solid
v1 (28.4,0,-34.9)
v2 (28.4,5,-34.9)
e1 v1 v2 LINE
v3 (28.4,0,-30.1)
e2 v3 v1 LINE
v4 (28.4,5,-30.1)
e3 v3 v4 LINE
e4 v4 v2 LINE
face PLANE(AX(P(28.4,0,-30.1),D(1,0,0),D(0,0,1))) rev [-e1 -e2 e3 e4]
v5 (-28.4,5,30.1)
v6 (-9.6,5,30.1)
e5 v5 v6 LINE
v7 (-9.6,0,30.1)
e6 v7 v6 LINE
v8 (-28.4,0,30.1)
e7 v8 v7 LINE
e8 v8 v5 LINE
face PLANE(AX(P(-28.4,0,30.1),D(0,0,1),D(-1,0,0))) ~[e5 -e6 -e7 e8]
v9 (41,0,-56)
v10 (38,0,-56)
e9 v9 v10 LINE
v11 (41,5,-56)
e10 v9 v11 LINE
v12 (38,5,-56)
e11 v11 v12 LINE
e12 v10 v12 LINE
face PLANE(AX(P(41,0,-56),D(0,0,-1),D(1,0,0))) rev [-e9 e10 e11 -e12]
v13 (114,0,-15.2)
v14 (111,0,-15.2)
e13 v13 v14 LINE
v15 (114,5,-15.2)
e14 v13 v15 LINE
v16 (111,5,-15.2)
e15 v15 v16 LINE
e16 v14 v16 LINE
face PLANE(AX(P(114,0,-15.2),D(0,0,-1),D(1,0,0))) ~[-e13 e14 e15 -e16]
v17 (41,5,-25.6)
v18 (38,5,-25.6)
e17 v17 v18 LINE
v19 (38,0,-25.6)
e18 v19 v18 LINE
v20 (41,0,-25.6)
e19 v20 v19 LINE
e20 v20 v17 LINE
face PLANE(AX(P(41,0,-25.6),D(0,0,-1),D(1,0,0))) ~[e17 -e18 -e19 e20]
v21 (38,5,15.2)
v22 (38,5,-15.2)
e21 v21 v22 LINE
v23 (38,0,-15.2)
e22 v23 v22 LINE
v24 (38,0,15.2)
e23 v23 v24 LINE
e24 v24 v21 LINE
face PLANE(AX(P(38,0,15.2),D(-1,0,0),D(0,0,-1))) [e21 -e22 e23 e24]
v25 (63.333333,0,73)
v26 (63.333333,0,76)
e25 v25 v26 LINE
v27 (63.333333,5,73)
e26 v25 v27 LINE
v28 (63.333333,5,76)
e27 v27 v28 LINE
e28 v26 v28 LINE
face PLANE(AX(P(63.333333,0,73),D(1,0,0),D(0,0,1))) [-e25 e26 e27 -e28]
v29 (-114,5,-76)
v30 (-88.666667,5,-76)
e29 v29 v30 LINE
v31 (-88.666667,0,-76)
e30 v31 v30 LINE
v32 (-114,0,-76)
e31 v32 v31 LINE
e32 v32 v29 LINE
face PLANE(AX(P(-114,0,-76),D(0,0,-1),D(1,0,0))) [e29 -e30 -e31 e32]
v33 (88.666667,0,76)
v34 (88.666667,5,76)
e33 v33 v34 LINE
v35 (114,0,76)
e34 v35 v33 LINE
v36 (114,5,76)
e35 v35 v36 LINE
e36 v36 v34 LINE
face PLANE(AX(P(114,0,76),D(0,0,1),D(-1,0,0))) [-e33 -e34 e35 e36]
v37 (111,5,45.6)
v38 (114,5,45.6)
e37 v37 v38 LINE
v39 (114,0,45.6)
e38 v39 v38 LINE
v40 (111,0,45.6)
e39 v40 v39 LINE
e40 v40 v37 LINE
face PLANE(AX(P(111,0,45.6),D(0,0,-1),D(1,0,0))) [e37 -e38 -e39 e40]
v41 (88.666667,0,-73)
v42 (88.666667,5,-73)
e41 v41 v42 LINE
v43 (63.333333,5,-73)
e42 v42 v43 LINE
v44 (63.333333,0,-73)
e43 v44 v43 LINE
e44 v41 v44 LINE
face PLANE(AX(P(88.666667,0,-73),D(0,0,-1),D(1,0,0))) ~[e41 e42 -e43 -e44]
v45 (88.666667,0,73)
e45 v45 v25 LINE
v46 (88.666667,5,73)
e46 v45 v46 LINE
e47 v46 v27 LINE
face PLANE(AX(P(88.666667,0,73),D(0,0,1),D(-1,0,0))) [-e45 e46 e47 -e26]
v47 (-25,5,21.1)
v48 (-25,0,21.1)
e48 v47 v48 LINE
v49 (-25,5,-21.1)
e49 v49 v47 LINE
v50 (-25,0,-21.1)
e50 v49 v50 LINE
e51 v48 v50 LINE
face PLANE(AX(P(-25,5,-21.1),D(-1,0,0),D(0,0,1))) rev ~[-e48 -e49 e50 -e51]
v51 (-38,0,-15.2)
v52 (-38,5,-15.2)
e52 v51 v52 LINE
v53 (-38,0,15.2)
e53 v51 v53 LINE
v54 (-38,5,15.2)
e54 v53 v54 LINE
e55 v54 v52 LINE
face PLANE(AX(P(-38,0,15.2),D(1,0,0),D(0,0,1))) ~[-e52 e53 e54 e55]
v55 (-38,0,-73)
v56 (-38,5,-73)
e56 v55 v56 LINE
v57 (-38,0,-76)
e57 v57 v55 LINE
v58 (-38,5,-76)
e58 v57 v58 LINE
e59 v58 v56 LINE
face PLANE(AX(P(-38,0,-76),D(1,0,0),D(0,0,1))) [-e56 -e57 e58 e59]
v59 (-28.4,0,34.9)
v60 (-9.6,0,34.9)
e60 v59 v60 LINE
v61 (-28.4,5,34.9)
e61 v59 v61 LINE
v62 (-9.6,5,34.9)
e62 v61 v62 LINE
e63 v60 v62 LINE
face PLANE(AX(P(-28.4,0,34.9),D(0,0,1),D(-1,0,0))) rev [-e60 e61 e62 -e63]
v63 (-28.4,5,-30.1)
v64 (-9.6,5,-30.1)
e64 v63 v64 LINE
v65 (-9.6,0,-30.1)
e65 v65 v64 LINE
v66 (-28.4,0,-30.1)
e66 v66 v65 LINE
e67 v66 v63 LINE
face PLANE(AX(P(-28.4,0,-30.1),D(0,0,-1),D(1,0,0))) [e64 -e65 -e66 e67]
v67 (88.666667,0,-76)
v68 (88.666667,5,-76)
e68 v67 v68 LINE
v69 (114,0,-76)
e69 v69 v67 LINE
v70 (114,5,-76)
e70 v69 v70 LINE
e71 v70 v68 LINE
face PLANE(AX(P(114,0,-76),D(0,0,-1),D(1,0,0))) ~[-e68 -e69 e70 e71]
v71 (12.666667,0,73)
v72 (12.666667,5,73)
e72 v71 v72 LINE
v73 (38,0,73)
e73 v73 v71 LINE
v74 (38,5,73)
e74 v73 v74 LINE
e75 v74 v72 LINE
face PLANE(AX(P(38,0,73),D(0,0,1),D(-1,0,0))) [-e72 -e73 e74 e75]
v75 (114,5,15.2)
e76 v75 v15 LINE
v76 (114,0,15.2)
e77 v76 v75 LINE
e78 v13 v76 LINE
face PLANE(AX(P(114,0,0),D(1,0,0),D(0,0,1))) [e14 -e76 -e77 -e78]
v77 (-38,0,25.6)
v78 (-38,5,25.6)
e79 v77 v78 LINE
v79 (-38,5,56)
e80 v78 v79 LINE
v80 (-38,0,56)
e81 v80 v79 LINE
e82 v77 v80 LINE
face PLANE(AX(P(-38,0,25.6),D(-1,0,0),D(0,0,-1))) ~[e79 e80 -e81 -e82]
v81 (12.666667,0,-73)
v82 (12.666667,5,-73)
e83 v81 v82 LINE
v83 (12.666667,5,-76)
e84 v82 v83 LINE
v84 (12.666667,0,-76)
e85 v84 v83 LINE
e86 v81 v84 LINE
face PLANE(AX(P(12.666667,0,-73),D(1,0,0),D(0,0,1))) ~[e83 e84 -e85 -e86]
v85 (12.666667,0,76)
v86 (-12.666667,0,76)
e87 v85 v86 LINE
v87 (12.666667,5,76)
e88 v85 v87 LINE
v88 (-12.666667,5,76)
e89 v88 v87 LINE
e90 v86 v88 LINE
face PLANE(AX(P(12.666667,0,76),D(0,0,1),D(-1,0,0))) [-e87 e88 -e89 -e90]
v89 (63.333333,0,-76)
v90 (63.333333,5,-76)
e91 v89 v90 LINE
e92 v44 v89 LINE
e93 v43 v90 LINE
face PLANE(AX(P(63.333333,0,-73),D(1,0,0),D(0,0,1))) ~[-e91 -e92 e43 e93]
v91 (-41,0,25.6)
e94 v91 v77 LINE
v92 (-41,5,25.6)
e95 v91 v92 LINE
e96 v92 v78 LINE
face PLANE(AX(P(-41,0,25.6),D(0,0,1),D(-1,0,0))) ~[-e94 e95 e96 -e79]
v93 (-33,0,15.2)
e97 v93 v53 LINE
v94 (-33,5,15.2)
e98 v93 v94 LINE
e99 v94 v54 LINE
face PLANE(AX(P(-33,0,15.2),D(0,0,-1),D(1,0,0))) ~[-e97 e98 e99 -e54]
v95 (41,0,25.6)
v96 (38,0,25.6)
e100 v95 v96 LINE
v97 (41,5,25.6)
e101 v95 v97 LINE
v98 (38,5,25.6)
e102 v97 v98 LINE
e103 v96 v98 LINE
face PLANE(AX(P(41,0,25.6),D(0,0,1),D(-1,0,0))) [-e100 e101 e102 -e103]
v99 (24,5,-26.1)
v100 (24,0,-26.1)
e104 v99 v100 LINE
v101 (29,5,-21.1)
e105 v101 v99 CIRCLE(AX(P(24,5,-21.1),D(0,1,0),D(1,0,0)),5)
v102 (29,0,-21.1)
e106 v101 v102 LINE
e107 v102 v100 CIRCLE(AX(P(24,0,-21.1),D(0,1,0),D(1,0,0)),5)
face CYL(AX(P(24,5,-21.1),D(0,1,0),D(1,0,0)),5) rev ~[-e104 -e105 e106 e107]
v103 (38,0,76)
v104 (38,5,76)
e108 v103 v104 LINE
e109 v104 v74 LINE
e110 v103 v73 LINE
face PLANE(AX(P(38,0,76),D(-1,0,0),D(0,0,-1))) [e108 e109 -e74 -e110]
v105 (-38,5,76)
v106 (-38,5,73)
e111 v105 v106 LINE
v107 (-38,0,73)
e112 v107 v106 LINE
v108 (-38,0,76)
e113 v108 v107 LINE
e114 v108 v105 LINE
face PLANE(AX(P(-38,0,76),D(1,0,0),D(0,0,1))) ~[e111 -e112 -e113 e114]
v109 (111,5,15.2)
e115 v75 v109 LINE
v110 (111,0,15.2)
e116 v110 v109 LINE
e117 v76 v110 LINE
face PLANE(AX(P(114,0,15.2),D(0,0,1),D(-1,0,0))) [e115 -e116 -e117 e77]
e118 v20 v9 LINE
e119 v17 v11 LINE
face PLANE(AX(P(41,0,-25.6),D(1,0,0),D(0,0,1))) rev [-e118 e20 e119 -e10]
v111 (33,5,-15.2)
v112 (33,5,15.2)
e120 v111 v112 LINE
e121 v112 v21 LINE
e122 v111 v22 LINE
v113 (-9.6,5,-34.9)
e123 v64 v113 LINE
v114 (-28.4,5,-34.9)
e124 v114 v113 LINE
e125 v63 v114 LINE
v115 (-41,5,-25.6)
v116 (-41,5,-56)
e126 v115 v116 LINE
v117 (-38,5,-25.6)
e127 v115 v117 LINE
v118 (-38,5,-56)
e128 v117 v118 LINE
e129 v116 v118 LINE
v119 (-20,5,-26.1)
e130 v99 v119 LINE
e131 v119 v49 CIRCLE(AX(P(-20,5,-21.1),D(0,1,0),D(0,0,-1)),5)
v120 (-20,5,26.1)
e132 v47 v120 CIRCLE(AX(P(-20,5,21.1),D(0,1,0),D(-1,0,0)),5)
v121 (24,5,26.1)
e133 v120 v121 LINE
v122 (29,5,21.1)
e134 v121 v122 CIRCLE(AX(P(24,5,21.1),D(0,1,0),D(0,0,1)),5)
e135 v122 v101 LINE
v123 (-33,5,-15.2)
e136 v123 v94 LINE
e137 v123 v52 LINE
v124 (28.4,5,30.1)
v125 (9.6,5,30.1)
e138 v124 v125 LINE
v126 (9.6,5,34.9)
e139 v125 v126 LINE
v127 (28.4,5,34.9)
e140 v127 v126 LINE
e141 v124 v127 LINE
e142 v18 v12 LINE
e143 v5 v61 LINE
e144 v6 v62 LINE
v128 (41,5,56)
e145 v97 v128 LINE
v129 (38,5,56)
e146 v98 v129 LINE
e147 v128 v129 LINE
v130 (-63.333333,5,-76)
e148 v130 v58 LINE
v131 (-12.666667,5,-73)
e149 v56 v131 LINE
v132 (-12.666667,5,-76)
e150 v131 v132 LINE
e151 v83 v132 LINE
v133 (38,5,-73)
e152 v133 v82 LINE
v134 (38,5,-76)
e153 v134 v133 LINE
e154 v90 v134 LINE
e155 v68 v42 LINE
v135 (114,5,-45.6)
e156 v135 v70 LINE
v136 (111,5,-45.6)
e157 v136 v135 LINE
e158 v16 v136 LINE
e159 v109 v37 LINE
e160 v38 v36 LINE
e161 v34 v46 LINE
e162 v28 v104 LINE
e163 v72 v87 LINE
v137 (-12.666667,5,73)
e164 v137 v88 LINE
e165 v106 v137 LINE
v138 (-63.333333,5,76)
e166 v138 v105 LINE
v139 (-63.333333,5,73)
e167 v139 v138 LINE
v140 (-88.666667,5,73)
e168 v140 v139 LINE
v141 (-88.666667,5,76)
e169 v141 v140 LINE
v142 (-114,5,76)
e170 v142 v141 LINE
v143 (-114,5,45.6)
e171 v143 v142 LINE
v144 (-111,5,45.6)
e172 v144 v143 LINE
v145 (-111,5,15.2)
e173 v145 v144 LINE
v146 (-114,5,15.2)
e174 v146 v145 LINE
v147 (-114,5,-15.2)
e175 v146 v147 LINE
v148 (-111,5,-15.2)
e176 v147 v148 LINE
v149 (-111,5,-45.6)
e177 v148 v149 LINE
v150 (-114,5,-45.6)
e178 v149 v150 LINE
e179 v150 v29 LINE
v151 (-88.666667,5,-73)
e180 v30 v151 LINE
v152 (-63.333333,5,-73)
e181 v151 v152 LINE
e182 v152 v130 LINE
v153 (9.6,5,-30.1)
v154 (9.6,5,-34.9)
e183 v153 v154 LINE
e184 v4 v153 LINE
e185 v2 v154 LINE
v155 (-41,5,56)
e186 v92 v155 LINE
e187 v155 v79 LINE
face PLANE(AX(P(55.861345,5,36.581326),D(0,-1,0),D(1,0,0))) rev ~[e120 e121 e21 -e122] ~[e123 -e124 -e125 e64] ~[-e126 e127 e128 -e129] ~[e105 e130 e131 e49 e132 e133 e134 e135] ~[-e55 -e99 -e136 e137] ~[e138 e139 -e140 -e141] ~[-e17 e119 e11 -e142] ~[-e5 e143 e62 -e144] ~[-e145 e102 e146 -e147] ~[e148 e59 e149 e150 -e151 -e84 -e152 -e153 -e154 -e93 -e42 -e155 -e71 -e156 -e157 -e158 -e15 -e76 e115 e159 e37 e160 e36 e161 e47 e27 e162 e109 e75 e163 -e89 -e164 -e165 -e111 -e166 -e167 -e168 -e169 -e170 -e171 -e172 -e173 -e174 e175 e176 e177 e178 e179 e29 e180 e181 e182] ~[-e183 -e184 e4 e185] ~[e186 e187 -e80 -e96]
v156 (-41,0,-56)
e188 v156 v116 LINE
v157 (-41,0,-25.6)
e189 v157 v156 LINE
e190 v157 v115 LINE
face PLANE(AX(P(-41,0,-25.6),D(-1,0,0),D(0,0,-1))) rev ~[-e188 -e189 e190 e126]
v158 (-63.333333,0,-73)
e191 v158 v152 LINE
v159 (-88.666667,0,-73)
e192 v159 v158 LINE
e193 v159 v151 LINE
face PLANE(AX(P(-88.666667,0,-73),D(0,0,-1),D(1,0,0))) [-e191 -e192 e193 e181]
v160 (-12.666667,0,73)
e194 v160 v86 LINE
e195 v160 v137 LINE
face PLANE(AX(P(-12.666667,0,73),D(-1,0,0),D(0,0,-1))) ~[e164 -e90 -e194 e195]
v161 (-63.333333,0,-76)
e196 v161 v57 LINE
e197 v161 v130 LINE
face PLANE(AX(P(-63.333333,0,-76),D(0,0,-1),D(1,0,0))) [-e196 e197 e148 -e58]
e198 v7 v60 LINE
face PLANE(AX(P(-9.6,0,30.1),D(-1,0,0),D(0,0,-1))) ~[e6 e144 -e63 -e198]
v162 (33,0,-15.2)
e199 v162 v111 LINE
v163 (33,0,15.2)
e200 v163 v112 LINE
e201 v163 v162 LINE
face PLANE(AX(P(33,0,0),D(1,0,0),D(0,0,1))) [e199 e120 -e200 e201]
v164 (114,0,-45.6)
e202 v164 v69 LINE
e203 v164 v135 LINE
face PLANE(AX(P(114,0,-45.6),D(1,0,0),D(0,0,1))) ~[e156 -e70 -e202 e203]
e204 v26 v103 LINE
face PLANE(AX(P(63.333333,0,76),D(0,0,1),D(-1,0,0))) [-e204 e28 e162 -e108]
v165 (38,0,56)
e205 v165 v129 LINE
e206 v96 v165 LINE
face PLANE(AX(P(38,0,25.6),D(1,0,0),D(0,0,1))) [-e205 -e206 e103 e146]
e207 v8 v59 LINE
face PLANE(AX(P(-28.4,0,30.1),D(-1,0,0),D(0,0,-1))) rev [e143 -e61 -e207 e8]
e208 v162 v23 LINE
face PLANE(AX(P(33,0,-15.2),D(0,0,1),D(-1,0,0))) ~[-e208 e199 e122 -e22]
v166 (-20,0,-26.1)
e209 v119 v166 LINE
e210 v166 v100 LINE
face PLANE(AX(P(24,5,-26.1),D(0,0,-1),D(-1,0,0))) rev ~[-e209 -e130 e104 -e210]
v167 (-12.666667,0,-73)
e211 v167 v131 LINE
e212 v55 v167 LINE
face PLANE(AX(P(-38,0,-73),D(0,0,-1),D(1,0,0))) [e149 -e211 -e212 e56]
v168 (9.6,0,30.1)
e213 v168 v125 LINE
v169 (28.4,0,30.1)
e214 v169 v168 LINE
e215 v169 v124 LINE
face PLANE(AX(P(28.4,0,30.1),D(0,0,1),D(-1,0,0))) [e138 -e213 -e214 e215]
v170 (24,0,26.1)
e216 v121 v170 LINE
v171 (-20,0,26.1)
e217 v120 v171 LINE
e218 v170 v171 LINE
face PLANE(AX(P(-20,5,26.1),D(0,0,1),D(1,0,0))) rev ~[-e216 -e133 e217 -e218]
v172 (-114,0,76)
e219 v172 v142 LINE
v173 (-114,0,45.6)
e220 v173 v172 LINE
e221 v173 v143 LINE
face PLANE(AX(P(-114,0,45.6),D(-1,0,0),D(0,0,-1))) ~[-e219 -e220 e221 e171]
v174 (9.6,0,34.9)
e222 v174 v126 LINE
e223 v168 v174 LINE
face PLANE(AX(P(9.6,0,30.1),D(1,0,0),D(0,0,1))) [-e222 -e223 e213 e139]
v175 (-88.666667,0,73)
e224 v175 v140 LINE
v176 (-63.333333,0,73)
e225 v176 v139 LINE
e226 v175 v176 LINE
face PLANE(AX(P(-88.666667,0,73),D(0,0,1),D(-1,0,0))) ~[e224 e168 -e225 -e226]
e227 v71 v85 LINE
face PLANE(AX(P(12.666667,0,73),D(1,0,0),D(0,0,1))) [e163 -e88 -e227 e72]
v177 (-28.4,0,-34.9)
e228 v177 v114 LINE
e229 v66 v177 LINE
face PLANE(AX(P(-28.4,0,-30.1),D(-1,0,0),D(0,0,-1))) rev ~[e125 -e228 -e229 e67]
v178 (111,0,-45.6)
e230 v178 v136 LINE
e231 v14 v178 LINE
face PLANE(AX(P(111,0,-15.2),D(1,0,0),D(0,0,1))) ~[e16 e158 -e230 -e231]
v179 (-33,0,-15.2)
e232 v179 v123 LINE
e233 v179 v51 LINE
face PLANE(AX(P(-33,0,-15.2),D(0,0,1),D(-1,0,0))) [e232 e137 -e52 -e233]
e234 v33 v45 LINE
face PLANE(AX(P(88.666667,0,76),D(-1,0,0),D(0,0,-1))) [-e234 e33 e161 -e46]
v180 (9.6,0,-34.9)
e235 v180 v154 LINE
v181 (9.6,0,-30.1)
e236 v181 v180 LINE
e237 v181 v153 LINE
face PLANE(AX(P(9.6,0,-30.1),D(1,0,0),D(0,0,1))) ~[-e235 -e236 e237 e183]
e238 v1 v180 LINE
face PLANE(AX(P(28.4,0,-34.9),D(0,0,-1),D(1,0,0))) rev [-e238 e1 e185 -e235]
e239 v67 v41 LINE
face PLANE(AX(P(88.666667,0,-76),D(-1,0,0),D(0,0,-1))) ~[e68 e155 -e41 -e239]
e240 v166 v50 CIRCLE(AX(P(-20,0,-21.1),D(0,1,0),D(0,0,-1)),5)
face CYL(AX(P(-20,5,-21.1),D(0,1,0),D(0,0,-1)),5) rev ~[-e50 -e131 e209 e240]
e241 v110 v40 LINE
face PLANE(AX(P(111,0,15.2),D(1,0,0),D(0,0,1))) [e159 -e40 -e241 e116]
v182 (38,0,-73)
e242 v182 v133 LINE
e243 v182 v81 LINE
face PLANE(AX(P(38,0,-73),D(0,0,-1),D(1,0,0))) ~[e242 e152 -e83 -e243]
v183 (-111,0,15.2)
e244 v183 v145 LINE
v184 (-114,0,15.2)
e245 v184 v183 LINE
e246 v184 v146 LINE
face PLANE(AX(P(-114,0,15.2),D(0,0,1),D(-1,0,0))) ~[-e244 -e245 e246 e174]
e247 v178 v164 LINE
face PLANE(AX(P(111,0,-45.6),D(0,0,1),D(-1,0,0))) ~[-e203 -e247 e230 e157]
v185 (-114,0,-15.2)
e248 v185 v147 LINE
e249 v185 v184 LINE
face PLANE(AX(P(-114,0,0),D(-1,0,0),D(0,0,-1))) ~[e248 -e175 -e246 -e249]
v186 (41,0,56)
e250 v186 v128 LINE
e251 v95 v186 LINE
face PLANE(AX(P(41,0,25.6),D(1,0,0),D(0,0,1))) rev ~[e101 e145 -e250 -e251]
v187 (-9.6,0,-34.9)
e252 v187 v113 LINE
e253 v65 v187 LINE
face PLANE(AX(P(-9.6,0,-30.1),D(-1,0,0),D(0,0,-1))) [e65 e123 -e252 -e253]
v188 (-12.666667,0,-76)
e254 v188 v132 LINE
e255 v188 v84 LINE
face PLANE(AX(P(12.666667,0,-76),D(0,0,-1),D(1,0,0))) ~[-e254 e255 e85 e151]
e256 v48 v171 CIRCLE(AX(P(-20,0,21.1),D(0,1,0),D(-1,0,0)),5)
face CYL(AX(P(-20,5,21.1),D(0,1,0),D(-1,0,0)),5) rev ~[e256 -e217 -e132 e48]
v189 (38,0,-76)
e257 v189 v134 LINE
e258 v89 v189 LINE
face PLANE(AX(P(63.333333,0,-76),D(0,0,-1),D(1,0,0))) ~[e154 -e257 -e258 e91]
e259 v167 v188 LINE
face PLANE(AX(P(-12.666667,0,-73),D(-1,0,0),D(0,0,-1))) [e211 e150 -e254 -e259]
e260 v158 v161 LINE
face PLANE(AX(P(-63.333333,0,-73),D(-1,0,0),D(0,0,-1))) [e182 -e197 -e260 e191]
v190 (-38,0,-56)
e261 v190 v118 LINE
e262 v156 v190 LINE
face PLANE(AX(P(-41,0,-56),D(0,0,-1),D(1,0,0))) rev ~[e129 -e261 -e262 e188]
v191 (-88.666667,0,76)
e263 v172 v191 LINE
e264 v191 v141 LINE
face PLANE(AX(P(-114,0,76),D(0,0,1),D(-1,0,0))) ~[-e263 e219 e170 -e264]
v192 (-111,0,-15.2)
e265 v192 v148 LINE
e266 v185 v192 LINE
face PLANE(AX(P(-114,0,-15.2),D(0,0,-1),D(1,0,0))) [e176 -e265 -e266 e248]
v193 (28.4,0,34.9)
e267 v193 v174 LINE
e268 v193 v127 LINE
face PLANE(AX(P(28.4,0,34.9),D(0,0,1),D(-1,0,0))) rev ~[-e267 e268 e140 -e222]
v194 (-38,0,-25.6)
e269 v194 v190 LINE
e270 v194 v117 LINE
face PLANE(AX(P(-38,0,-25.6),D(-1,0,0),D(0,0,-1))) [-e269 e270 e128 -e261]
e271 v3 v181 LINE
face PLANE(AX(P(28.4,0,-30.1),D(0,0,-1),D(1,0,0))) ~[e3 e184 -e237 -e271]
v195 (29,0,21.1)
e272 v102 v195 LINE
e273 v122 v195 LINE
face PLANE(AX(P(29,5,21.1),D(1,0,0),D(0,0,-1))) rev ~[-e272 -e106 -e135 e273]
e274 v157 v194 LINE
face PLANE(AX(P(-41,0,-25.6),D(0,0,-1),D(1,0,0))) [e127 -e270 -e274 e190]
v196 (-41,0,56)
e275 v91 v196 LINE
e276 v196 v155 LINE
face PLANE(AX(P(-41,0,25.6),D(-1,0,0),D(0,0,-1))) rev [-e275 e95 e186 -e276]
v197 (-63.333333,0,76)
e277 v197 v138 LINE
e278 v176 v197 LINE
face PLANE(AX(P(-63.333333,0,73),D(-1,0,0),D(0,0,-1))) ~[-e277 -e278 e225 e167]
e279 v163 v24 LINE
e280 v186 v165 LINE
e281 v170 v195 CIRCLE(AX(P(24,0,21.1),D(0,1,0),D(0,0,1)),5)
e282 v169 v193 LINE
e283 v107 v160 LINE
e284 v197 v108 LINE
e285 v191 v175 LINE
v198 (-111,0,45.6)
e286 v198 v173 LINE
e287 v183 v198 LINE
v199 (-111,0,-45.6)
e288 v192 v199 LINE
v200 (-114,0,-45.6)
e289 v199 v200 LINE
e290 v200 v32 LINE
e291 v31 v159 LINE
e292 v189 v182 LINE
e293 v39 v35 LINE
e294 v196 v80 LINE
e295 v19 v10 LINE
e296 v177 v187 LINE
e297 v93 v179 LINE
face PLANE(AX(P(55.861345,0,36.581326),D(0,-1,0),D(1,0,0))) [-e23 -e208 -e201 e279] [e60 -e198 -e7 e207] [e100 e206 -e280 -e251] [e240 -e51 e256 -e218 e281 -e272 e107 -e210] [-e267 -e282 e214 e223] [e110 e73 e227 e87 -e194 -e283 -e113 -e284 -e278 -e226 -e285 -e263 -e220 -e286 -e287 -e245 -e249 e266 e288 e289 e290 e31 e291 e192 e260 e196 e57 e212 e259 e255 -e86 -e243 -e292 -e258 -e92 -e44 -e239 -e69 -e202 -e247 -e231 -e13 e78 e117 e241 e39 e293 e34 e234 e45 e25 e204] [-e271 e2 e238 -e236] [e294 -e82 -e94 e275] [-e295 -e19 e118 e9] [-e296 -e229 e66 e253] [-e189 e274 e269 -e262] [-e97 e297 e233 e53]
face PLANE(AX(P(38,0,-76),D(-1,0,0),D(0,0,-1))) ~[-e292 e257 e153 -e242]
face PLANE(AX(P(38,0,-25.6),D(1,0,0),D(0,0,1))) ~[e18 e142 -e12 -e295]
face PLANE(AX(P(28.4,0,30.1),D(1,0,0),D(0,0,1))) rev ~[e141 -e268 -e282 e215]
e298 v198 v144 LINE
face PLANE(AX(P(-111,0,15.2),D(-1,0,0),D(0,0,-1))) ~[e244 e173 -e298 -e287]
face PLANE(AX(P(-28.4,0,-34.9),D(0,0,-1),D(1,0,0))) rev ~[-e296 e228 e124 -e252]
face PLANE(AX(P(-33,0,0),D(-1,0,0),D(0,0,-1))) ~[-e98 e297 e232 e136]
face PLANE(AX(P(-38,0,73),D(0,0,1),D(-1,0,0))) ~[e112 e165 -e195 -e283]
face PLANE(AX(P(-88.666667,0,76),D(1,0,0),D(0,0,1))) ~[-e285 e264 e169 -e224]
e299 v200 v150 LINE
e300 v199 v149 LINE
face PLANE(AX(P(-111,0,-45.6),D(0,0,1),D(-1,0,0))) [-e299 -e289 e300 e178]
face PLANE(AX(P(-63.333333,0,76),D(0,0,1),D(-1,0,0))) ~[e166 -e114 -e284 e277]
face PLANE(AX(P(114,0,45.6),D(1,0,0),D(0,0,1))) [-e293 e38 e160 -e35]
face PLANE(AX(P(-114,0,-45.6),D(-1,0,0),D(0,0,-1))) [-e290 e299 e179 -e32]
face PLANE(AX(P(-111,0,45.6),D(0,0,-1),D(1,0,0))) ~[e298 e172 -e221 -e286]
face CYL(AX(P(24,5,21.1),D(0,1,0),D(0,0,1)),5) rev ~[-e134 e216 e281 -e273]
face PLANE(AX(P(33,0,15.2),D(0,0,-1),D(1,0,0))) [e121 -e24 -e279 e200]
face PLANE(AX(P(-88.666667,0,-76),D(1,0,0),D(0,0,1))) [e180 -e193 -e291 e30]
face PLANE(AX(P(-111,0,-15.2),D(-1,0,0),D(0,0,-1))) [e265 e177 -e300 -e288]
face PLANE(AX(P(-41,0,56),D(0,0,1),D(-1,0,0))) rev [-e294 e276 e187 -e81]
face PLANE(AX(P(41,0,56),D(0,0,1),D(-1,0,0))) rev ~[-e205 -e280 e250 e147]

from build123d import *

# Parameters (mm, degrees)
SKETCH1_W           = 3
SKETCH1_H           = 30.4
SKETCH1_W_2         = 18.8
SKETCH1_H_2         = 4.8
BOSS_EXTRUDE1_DEPTH = 5
CUT_EXTRUDE1_DEPTH  = 138.102151697


with BuildPart() as part:
    # Sketch1 → Boss-Extrude1 (new body)
    with BuildSketch(Plane(origin=(0, 0, 0), x_dir=(1, 0, 0), z_dir=(0, 1, 0))):
        Polygon((-114, 0), (-114, 15.2), (-111, 15.2), (-111, 45.6), (-114, 45.6), (-114, 76), (-88.666666667, 76), (-88.666666667, 73), (-63.333333333, 73), (-63.333333333, 76), (-38, 76), (-38, 73), (-12.666666667, 73), (-12.666666667, 76), (0, 76), (0, 0), (-33, 0), (-33, 15.2), (-38, 15.2), (-38, 0), align=None)
        with Locations((-39.5, 40.8)):
            Rectangle(SKETCH1_W, SKETCH1_H, mode=Mode.SUBTRACT)
        with Locations((-19, 32.5)):
            Rectangle(SKETCH1_W_2, SKETCH1_H_2, mode=Mode.SUBTRACT)
    boss_extrude1 = extrude(amount=BOSS_EXTRUDE1_DEPTH)

    # Mirror1: Boss-Extrude1 across plane
    add(boss_extrude1.mirror(Plane(origin=(-114, 5, 0), x_dir=(1, 0, 0), z_dir=(0, 0, -1))))

    # Mirror6: part across plane


with BuildPart() as part_1:
    add(part.part)
    add(part.part.mirror(Plane(origin=(0, 5, 0), x_dir=(0, 0, 1), z_dir=(-1, 0, 0))))

    # Sketch2 → Cut-Extrude1 (cut, through all)
    with BuildSketch(Plane(origin=(0, 5, 0), x_dir=(1, 0, 0), z_dir=(0, 1, 0))):
        with BuildLine():
            Line((24, 26.1), (-20, 26.1))
            ThreePointArc((-20, 26.1), (-23.535533906, 24.635533906), (-25, 21.1))
            Line((-25, 21.1), (-25, -21.1))
            ThreePointArc((-25, -21.1), (-23.535533906, -24.635533906), (-20, -26.1))
            Line((-20, -26.1), (24, -26.1))
            ThreePointArc((24, -26.1), (27.535533906, -24.635533906), (29, -21.1))
            Line((29, -21.1), (29, 21.1))
            ThreePointArc((29, 21.1), (27.535533906, 24.635533906), (24, 26.1))
        make_face()
    extrude(amount=-CUT_EXTRUDE1_DEPTH, mode=Mode.SUBTRACT)


solid = part_1.part
